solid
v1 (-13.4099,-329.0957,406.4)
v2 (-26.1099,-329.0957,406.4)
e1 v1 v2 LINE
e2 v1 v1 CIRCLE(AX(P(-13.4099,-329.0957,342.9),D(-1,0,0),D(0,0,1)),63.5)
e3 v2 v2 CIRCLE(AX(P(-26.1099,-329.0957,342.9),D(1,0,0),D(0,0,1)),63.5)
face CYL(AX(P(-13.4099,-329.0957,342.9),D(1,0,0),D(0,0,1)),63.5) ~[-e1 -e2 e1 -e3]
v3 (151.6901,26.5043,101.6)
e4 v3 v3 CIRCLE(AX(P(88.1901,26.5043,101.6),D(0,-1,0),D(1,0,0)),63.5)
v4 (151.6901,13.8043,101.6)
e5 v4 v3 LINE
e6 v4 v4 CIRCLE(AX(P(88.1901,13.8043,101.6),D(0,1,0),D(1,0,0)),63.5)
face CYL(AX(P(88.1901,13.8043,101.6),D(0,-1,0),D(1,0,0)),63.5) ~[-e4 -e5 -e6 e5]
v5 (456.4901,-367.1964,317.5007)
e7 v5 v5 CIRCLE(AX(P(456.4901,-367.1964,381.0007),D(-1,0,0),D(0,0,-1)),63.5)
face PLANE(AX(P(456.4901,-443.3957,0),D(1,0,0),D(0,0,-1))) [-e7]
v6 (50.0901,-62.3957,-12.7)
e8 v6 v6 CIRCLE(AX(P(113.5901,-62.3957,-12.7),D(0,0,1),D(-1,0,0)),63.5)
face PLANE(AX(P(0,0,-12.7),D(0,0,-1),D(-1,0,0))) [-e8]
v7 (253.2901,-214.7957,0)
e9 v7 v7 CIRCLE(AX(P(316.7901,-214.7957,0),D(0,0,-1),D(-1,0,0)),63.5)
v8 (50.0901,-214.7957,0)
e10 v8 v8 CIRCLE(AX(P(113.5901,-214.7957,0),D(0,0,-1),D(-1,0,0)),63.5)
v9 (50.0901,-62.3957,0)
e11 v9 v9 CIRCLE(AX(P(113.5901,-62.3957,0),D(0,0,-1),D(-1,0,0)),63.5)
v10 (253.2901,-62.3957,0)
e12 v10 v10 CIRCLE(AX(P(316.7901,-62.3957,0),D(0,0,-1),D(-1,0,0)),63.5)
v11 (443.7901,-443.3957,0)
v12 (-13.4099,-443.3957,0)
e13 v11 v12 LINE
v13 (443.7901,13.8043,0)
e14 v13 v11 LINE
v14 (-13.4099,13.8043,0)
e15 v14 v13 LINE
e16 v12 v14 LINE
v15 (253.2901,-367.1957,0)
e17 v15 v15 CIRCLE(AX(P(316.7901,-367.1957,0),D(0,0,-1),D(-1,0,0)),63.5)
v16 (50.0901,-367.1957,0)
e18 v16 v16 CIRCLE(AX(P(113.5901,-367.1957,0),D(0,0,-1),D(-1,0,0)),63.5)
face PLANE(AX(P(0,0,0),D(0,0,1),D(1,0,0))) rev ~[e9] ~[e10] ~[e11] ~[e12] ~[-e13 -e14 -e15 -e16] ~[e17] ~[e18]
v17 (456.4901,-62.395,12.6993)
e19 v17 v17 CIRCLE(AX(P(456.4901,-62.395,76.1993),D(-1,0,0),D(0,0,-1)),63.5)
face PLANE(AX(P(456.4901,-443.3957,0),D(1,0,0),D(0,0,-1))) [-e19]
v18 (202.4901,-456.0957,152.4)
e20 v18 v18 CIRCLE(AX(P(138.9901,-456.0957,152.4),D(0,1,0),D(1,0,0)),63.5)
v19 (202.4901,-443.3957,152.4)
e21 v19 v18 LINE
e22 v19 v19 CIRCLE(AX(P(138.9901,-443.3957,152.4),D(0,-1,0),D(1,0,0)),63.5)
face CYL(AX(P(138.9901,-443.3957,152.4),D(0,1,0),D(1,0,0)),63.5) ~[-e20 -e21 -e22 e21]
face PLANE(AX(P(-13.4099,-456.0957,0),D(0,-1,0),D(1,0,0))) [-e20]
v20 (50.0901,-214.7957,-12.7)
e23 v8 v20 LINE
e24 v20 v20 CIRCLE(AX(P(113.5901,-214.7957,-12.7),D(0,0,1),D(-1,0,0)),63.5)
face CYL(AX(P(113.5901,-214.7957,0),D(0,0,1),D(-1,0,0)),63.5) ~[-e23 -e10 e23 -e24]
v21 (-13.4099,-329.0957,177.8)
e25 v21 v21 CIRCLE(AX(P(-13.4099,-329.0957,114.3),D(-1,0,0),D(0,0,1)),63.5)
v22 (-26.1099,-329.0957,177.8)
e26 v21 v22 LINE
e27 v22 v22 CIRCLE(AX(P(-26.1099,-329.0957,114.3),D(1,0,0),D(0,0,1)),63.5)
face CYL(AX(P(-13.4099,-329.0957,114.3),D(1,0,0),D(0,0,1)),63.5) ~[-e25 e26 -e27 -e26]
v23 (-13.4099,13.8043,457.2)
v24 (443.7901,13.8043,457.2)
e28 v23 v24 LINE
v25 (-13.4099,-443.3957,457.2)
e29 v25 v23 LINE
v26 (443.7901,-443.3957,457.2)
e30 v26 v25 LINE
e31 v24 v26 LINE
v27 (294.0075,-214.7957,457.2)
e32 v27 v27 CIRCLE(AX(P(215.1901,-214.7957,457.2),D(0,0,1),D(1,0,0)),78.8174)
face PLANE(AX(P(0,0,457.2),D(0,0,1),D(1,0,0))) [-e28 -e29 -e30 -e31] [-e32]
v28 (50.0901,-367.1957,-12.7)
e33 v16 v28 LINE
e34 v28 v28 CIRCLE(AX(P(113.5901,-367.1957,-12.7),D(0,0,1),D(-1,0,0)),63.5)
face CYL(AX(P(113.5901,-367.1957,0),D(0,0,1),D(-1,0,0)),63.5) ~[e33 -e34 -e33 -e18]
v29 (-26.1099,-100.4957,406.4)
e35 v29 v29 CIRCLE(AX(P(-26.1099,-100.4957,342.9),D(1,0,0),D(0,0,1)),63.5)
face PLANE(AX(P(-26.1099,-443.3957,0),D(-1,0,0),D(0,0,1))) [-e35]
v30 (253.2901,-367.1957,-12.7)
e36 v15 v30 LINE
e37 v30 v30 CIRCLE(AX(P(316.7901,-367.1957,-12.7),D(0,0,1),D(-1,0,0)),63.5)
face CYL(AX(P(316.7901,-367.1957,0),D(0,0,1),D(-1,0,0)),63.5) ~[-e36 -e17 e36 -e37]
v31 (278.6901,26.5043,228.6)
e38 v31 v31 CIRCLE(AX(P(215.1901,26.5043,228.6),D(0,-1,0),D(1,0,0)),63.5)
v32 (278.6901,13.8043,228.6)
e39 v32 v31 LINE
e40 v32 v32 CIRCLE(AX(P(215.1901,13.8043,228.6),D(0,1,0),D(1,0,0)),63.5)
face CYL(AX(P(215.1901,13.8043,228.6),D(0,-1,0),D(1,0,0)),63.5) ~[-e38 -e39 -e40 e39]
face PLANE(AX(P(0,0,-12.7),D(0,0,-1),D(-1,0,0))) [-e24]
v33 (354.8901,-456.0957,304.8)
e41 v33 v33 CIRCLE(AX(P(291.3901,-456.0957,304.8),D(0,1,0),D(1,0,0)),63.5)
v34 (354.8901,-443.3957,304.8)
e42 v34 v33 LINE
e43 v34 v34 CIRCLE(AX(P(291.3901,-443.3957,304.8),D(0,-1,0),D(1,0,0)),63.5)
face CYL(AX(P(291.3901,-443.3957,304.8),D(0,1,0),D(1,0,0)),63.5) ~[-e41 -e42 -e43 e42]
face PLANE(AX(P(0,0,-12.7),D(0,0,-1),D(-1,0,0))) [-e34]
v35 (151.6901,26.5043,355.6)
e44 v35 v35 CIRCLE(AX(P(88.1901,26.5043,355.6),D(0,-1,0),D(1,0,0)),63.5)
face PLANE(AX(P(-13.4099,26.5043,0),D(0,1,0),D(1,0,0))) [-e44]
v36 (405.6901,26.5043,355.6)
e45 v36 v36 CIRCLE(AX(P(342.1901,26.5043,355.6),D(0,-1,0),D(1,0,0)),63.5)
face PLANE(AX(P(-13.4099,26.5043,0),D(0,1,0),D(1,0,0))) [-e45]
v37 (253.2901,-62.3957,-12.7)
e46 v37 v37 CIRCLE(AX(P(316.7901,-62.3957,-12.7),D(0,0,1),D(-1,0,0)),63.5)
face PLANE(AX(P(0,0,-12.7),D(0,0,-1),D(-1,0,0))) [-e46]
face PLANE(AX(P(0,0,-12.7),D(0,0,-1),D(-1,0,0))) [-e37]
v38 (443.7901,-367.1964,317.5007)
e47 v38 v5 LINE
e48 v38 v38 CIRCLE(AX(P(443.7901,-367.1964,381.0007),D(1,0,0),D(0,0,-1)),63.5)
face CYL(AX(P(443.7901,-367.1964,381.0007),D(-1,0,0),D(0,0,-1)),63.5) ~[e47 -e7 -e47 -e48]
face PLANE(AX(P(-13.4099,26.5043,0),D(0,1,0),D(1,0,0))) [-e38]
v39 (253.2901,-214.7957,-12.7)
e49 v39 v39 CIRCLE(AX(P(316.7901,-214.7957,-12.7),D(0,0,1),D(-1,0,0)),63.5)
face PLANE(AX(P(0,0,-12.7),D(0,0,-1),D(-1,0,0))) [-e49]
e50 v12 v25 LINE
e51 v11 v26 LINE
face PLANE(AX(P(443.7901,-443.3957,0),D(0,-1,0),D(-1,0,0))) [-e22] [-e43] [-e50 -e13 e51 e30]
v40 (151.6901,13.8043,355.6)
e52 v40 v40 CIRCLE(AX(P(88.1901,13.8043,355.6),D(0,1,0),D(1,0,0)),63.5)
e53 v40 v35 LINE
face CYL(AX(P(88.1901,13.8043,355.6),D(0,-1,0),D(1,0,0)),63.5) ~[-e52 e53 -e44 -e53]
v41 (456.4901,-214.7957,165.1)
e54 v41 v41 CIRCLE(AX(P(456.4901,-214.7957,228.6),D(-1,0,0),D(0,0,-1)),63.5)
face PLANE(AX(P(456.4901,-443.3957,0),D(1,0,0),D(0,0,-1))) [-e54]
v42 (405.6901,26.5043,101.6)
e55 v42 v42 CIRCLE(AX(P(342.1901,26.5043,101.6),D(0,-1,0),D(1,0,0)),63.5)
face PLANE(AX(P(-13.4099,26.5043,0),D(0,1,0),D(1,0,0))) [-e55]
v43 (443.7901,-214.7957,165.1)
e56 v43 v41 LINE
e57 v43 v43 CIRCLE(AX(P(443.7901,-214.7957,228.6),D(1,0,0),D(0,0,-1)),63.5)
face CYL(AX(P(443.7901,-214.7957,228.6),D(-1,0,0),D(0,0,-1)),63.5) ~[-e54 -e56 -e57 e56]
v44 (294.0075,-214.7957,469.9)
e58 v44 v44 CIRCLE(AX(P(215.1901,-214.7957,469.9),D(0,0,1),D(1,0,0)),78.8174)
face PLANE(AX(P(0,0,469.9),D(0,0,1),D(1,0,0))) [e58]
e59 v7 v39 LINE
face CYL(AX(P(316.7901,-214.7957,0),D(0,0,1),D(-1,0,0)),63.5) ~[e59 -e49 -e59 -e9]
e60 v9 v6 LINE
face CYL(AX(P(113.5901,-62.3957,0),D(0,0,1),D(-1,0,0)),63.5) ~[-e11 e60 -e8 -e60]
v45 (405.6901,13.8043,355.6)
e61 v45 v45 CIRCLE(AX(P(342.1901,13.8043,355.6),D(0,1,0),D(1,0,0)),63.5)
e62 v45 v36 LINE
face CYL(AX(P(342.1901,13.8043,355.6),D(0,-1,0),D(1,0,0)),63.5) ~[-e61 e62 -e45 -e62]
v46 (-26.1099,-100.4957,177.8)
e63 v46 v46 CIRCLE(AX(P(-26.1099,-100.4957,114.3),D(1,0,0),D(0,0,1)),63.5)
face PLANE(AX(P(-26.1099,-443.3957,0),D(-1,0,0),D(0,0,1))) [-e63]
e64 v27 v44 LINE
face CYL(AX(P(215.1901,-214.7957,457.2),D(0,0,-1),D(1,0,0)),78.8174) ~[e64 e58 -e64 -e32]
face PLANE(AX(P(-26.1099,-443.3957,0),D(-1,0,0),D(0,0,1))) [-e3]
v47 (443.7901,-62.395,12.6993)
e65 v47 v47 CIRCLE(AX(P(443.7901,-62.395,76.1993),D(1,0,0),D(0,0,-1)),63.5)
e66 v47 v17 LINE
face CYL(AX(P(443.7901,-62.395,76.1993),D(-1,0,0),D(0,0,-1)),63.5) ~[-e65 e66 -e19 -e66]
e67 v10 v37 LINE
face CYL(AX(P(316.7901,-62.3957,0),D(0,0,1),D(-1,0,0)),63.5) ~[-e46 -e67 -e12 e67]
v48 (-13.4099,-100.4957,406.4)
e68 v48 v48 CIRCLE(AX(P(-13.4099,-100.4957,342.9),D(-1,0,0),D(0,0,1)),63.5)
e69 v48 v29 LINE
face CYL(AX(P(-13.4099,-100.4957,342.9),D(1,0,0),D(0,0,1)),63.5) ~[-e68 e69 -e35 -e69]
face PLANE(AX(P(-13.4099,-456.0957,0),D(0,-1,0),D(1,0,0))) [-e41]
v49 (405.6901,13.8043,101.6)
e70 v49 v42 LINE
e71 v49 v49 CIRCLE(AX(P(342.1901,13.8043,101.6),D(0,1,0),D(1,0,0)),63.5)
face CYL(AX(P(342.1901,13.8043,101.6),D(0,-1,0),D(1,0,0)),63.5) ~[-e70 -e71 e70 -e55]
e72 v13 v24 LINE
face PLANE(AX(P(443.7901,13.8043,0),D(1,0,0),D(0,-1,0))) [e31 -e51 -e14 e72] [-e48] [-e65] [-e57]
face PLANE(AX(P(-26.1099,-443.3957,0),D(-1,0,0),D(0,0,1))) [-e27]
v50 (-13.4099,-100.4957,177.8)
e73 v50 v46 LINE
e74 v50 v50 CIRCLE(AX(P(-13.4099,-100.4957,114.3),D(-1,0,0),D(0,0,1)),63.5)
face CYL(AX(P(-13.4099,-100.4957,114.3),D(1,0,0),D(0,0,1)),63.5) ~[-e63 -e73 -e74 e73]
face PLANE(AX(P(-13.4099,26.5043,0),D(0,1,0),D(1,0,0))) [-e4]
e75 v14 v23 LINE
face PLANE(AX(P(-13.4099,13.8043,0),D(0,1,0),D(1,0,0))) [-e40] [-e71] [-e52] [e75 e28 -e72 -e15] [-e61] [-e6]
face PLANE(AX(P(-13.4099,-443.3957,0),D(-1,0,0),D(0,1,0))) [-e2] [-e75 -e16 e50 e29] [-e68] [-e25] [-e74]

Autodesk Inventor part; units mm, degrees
ref_plane "YZ Plane" through (0, 0, 0) normal (1, 0, 0) x (0, 1, 0)
ref_plane "XZ Plane" through (0, 0, 0) normal (0, 1, 0) x (-1, 0, 0)
sketch "Sketch1" plane through (0, 0, 0) normal (0, 0, 1) x (1, 0, 0)
  line L0 (-13.4099, 13.8043) -> (443.7901, 13.8043)
  line L1 (443.7901, 13.8043) -> (443.7901, -443.3957)
  line L2 (443.7901, -443.3957) -> (-13.4099, -443.3957)
  line L3 (-13.4099, -443.3957) -> (-13.4099, 13.8043)
  point P0 (0, 0)
  dimension "d0" = 457.2
  dimension "d1" = 457.2
extrude "Extrusion1" add sketch "Sketch1" along normal blind 457.2
ref_plane "Work Plane1" through (443.7901, 0, 457.2) normal (-0.7071, 0, 0.7071) x (0, -1, 0)
sketch "Sketch2" plane through (0, 0, 457.2) normal (0, 0, 1) x (1, 0, 0)
  point P0 (0, 0)
sketch "Sketch3" plane through (0, 0, 457.2) normal (0, 0, 1) x (1, 0, 0)
  circle A0 centre (215.1901, -214.7957) radius 78.8174
  line L0 (443.7901, -443.3957) -> (443.7901, 13.8043) projected
  line L1 (443.7901, 13.8043) -> (-13.4099, 13.8043) projected
  point P0 (0, 0)
  dimension "d4" = 228.6
  dimension "d5" = 228.6
extrude "Extrusion2" add sketch "Sketch3" along normal blind 12.7
sketch "Sketch4" plane through (443.7901, -443.3957, 0) normal (1, 0, 0) x (0, 0, -1)
  point P0 (0, 443.3957)
sketch "Sketch5" plane through (443.7901, -443.3957, 0) normal (1, 0, 0) x (0, 0, -1)
  line L0 (0, 457.2) -> (-457.2, 0)
  circle A0 centre (-76.1993, 381.0007) radius 63.5
  circle A1 centre (-228.6, 228.6) radius 63.5
  circle A2 centre (-381.0007, 76.1993) radius 63.5
  point P0 (0, 443.3957)
  dimension "d21" = 127
  dimension "d22" = 127
  dimension "d23" = 127
  dimension "d25" = 646.5784
  dimension "d26" = 107.762
  dimension "d28" = 107.762
extrude "Extrusion3" add sketch "Sketch5" along normal blind 12.7
sketch "Sketch6" plane through (-13.4099, -443.3957, 0) normal (-1, 0, 0) x (0, 0, 1)
  line L0 (0, 457.2) -> (457.2, 0)
  line L1 (114.3, 342.9) -> (342.9, 342.9)
  line L2 (342.9, 342.9) -> (342.9, 114.3)
  line L3 (342.9, 114.3) -> (114.3, 114.3)
  line L4 (114.3, 114.3) -> (114.3, 342.9)
  line L5 (0, 0) -> (0, 457.2) projected
  line L6 (457.2, 457.2) -> (457.2, 0) projected
  circle A0 centre (114.3, 342.9) radius 63.5
  circle A1 centre (342.9, 342.9) radius 63.5
  circle A2 centre (114.3, 114.3) radius 63.5
  circle A3 centre (342.9, 114.3) radius 63.5
  point P0 (228.6, 228.6)
  dimension "d37" = 228.6
  dimension "d38" = 114.3
  dimension "d40" = 127
  dimension "d41" = 127
  dimension "d42" = 127
  dimension "d43" = 127
extrude "Extrusion4" add sketch "Sketch6" along normal blind 12.7 contours A0 L1 L0 | L0 L4 A0 | L1 A0 L0 | L0 A0 L4 | A1 L2 L1 | L1 L2 A1 | A2 L3 L4 | L4 L3 A2 | A3 L2 L0 | L0 L3 A3 | L2 A3 L0 | L0 A3 L3
sketch "Sketch7" plane through (0, 0, 0) normal (0, 0, -1) x (-1, 0, 0)
  line L0 (-443.7901, 13.8043) -> (-316.7901, 13.8043)
  line L1 (-443.7901, 13.8043) -> (13.4099, 13.8043) projected
  line L2 (13.4099, 13.8043) -> (-113.5901, 13.8043)
  line L3 (-443.7901, -443.3957) -> (13.4099, -443.3957) projected
  line L4 (-316.7901, 13.8043) -> (-316.7901, -443.3957)
  line L5 (-113.5901, 13.8043) -> (-113.5901, -443.3957)
  line L6 (-316.7901, 13.8043) -> (-316.7901, -62.3957)
  line L7 (-316.7901, -443.3957) -> (-316.7901, -367.1957)
  circle A0 centre (-316.7901, -62.3957) radius 63.5
  circle A1 centre (-316.7901, -367.1957) radius 63.5
  circle A2 centre (-316.7901, -214.7957) radius 63.5
  circle A3 centre (-113.5901, -62.3957) radius 63.5
  circle A4 centre (-113.5901, -214.7957) radius 63.5
  circle A5 centre (-113.5901, -367.1957) radius 63.5
  point P0 (0, 0)
  dimension "d46" = 127
  dimension "d47" = 127
  dimension "d53" = 76.2
  dimension "d54" = 76.2
  dimension "d55" = 127
  dimension "d56" = 127
  dimension "d57" = 127
  dimension "d58" = 127
  dimension "d59" = 127
  dimension "d60" = 127
extrude "Extrusion5" add sketch "Sketch7" along normal blind 12.7 contours A0 L4 | L4 A0 | A3 L5 | L5 A3 | A2 L4 | L4 A2 | A4 L5 | L5 A4 | A1 L4 | L4 A1 | A5 L5 | L5 A5
sketch "Sketch8" plane through (-13.4099, 13.8043, 0) normal (0, 1, 0) x (1, 0, 0)
  line L0 (355.6, -101.6) -> (101.6, -101.6)
  line L1 (101.6, -101.6) -> (101.6, -355.6)
  line L2 (101.6, -355.6) -> (355.6, -355.6)
  line L3 (355.6, -355.6) -> (355.6, -101.6)
  line L4 (355.6, -101.6) -> (101.6, -355.6)
  circle A0 centre (355.6, -101.6) radius 63.5
  line L5 (0, 0) -> (457.2, 0) projected
  line L6 (457.2, -457.2) -> (0, -457.2) projected
  line L7 (457.2, 0) -> (457.2, -457.2) projected
  circle A1 centre (228.6, -228.6) radius 63.5
  circle A2 centre (101.6, -101.6) radius 63.5
  circle A3 centre (101.6, -355.6) radius 63.5
  circle A4 centre (355.6, -355.6) radius 63.5
  point P0 (13.4099, 0)
  dimension "d63" = 254
  dimension "d64" = 101.6
  dimension "d65" = 101.6
  dimension "d66" = 101.6
  dimension "d67" = 127
  dimension "d68" = 127
  dimension "d69" = 127
  dimension "d70" = 127
  dimension "d71" = 127
extrude "Extrusion6" add sketch "Sketch8" along normal blind 12.7 contours A2 L1 L0 | L0 L1 A2 | A0 L3 L0 | L0 L4 A0 | L3 A0 L4 | A3 L4 L1 | L1 L2 A3 | A1 L4 | L4 A1 | L4 A3 L2 | A4 L2 L3 | L3 L2 A4
sketch "Sketch9" plane through (-13.4099, -443.3957, 0) normal (0, -1, 0) x (1, 0, 0)
  line L0 (0, 0) -> (457.2, 457.2)
  line L1 (457.2, 457.2) -> (304.8, 304.8)
  line L2 (0, 0) -> (152.4, 152.4)
  circle A0 centre (152.4, 152.4) radius 63.5
  circle A1 centre (304.8, 304.8) radius 63.5
  point P0 (13.4099, 0)
  dimension "d77" = 646.5784
  dimension "d78" = 127
  dimension "d79" = 127
extrude "Extrusion7" add sketch "Sketch9" along normal blind 12.7
properties part number "dicemodel1"
